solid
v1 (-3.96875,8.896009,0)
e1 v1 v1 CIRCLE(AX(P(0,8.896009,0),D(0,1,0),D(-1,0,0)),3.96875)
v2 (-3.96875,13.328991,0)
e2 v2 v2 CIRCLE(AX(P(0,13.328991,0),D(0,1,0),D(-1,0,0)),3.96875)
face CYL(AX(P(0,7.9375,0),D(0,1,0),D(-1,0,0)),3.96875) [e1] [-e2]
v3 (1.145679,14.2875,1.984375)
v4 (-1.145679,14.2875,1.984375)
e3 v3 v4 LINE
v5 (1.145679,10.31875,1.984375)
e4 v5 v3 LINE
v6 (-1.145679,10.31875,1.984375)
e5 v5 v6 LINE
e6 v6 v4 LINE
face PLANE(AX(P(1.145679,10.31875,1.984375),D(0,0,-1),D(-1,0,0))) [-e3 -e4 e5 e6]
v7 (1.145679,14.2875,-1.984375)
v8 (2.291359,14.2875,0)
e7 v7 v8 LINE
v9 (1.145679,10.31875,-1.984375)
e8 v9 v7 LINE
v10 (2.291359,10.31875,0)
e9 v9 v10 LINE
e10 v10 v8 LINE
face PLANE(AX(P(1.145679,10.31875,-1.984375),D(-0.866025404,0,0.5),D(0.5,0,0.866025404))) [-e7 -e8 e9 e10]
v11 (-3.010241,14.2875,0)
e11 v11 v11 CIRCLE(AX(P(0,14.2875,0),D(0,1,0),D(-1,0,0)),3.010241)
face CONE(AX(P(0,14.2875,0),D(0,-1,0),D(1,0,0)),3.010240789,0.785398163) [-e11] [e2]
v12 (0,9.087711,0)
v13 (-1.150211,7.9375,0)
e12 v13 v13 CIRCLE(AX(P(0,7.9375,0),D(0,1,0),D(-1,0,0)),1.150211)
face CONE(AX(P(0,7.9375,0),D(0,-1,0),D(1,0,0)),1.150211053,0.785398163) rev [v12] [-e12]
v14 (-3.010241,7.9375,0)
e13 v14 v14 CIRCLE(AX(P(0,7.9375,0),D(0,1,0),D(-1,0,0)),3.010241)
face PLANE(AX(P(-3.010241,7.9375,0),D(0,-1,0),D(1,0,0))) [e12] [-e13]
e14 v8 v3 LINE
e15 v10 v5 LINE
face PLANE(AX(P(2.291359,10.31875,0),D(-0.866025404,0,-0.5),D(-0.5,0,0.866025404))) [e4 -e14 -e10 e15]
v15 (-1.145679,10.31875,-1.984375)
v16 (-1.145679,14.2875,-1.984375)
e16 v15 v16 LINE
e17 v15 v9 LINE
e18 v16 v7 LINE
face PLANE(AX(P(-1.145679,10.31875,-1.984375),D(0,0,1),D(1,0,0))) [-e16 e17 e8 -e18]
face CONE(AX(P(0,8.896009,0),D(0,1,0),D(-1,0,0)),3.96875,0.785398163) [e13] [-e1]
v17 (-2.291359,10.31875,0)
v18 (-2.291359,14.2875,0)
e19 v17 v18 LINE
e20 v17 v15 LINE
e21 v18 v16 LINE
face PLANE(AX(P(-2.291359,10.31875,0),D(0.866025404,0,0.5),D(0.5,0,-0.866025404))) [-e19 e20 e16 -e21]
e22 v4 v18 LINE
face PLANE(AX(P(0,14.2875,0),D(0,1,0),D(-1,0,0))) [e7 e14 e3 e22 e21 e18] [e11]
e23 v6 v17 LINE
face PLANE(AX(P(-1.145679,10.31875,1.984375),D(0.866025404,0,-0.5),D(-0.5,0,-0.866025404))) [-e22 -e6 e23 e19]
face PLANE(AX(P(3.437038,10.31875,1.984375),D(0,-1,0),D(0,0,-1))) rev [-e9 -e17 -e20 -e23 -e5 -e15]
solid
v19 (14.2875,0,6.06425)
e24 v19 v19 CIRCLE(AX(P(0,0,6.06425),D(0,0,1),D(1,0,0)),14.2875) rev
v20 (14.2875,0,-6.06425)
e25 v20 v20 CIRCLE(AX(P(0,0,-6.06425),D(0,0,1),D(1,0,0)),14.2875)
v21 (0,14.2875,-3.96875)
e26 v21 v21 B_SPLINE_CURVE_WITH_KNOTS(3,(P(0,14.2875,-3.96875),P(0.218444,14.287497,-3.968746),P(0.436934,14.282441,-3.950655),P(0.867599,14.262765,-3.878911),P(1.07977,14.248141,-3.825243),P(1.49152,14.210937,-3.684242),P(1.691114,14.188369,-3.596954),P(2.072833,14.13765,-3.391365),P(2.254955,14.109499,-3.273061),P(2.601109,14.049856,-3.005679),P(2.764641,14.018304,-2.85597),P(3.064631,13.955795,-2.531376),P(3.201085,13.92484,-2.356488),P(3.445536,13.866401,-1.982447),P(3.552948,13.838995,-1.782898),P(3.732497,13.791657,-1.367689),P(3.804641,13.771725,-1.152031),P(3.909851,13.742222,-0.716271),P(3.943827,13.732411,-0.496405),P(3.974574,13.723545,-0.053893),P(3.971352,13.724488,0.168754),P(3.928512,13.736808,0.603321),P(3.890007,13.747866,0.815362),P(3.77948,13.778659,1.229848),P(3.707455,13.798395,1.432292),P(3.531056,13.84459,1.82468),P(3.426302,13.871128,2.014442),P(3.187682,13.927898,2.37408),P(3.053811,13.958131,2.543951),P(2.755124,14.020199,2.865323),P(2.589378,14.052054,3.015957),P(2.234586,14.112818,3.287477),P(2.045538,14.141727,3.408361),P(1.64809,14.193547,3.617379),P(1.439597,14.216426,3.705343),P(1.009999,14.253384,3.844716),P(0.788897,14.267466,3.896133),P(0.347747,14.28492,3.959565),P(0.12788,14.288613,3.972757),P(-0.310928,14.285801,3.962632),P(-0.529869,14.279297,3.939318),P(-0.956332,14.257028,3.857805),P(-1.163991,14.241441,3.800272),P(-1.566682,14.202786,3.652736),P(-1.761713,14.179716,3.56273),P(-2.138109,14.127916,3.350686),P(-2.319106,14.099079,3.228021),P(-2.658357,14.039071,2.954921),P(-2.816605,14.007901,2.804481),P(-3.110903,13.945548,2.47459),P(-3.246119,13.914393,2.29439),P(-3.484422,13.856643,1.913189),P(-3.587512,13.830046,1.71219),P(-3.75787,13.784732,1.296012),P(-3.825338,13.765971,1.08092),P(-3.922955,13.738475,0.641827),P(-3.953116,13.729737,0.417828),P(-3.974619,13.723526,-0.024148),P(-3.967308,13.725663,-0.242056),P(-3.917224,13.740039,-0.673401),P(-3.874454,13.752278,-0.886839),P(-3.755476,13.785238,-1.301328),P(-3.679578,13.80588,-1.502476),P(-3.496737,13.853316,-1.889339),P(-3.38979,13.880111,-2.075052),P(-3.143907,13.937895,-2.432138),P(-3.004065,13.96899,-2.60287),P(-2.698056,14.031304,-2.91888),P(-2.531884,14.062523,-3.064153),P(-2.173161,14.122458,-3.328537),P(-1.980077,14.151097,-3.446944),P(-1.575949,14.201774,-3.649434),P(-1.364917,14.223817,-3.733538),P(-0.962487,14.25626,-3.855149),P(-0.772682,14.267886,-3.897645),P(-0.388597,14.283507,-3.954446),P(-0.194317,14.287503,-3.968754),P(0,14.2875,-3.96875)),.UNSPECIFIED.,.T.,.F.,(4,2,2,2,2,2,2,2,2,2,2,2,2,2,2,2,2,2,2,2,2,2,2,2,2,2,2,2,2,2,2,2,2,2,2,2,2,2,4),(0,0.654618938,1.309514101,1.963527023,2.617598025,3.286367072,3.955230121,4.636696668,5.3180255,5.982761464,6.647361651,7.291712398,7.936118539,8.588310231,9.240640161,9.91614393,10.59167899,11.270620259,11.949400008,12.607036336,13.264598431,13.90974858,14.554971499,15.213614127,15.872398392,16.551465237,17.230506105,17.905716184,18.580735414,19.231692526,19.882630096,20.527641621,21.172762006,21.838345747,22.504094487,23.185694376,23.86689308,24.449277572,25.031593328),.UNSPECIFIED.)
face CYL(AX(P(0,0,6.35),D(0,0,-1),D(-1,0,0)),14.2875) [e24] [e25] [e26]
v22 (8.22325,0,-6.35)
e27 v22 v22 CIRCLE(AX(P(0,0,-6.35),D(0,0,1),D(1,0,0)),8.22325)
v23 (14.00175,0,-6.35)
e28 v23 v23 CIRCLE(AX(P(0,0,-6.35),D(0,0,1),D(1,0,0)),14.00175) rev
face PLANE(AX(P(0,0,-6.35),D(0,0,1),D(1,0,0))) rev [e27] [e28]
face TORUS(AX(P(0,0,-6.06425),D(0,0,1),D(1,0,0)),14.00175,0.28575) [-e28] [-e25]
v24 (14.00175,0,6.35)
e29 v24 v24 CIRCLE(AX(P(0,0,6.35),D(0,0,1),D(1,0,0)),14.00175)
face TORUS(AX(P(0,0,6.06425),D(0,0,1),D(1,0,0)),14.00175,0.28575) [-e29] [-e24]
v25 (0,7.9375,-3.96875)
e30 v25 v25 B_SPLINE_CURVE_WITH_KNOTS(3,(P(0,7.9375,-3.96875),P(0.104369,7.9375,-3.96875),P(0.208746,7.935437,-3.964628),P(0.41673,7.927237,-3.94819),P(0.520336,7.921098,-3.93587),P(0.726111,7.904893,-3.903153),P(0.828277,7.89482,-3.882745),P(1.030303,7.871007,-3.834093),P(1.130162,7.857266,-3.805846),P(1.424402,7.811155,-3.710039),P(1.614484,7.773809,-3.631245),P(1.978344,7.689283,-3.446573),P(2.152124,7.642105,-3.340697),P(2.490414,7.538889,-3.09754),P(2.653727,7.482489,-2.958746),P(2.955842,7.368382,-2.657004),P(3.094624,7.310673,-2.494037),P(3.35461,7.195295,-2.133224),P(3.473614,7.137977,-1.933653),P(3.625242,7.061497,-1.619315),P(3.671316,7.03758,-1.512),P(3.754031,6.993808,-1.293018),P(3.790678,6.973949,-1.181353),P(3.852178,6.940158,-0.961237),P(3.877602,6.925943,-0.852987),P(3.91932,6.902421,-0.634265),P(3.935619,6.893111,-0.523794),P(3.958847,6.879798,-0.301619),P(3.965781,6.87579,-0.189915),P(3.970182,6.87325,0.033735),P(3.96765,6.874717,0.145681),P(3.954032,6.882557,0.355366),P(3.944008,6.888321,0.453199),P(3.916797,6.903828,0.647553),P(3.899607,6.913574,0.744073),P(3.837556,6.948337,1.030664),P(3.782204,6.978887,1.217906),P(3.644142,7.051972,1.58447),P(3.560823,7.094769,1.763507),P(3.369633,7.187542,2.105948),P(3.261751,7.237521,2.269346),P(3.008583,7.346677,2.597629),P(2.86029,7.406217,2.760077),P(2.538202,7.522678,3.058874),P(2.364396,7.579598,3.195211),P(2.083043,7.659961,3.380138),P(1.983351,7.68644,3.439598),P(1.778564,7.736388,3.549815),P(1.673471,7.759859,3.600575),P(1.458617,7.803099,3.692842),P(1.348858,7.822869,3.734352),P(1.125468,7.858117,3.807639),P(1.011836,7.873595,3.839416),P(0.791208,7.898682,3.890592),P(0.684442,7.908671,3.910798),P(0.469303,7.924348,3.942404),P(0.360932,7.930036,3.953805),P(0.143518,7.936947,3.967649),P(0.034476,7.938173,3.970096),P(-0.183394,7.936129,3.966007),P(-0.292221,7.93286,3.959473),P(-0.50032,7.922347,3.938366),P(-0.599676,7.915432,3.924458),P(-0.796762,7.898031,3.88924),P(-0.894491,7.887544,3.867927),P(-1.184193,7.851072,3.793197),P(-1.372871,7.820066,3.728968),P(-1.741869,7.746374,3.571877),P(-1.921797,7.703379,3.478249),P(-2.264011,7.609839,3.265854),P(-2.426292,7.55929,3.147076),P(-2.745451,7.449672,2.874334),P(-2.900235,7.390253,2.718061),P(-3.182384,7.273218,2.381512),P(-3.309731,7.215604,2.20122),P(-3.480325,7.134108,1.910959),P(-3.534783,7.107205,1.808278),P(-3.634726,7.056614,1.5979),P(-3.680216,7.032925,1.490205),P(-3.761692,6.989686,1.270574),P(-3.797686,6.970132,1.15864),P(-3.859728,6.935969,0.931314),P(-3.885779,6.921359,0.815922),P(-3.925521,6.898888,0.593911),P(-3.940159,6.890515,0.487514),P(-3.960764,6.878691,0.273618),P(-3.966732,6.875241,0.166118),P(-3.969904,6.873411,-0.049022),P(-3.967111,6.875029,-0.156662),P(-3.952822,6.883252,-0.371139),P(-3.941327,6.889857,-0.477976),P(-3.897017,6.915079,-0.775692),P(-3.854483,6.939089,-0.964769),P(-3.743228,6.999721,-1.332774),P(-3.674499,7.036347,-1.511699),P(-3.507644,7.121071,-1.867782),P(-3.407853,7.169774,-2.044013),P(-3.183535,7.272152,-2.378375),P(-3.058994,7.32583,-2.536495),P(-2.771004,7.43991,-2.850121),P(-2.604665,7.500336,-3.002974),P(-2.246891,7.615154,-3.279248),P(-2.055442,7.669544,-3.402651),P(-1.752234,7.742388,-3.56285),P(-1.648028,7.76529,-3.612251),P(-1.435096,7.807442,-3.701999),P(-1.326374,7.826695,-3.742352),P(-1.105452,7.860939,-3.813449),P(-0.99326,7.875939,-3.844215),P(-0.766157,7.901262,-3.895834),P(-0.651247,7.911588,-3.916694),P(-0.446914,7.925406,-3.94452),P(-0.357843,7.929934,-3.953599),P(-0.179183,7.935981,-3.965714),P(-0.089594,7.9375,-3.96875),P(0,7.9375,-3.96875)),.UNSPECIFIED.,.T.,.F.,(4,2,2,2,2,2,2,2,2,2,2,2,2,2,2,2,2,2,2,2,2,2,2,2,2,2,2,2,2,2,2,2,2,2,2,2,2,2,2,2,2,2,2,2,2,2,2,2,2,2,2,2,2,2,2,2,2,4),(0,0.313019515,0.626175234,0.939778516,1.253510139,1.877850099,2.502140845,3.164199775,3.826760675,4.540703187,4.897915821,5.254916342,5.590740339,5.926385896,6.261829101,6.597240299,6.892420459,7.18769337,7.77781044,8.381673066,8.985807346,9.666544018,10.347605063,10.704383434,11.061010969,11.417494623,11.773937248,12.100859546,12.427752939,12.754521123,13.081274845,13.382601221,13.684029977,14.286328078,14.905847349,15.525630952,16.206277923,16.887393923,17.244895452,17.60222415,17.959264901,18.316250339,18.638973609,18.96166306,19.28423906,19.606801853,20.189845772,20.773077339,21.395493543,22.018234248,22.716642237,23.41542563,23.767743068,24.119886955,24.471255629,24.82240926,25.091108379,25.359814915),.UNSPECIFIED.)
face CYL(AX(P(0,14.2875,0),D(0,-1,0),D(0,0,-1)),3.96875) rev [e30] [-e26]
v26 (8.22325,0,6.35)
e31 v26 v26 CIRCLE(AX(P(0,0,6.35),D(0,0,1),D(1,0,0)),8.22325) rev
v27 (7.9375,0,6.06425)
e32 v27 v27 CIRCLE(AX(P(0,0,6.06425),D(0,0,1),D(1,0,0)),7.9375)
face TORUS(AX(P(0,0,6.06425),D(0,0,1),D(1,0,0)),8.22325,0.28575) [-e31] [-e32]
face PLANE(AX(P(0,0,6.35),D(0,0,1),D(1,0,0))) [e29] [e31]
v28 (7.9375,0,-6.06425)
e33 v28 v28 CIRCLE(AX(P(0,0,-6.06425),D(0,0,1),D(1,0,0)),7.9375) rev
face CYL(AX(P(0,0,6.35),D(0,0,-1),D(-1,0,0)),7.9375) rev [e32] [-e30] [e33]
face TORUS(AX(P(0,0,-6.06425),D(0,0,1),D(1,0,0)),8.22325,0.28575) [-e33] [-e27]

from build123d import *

# Parameters (mm, degrees)
SKETCH1_R          = 14.2875
SKETCH1_R_2        = 7.9375
EXTRUDE1_DEPTH     = 6.35
SKETCH2_R          = 3.96875
CUT_EXTRUDE1_DEPTH = 15.2875
FILLET1_R          = 0.28575
CUT_EXTRUDE2_DEPTH = 3.96875


with BuildPart() as part:
    # Sketch1 → Extrude1 (new body, symmetric)
    with BuildSketch(Plane.XY):
        Circle(SKETCH1_R)
        Circle(SKETCH1_R_2, mode=Mode.SUBTRACT)
    extrude(amount=EXTRUDE1_DEPTH, both=True)

    # Sketch2 → Cut-Extrude1 (cut, through all)
    with BuildSketch(Plane(origin=(41.275, 0, 0), x_dir=(0, 0, -1), z_dir=(0, -1, 0))):
        with Locations((0, -41.275)):
            Circle(SKETCH2_R)
    extrude(amount=-CUT_EXTRUDE1_DEPTH, mode=Mode.SUBTRACT)

    # Fillet1
    fillet1_edges = [part.edges().sort_by_distance(p)[0] for p in [
        (-14.2875, 0, -6.35),
        (-14.2875, 0, 6.35),
        (-7.9375, 0, -6.35),
        (-7.9375, 0, 6.35),
    ]]
    fillet(fillet1_edges, radius=FILLET1_R)


with BuildPart() as body_2:
    # Sketch3 → Revolve1 (revolve)
    with BuildSketch(Plane.XY):
        Polygon((-3.010240789, 7.9375), (-1.150211053, 7.9375), (0, 9.087711053), (0, 14.2875), (-3.010240789, 14.2875), (-3.96875, 13.328990789), (-3.96875, 8.896009211), align=None)
    revolve(axis=Axis((0, 7.9375, 0), (0, -1, 0)))

    # Sketch4 → Cut-Extrude2 (cut)
    with BuildSketch(Plane(origin=(3.3734375, 14.2875, 0), x_dir=(0, 0, -1), z_dir=(0, -1, 0))):
        Polygon((0, -1.082078619), (-1.984375, -2.22775806), (-1.984375, -4.51911694), (0, -5.664796381), (1.984375, -4.51911694), (1.984375, -2.22775806), align=None)
    extrude(amount=CUT_EXTRUDE2_DEPTH, mode=Mode.SUBTRACT)


solid = Compound([part.part, body_2.part])
